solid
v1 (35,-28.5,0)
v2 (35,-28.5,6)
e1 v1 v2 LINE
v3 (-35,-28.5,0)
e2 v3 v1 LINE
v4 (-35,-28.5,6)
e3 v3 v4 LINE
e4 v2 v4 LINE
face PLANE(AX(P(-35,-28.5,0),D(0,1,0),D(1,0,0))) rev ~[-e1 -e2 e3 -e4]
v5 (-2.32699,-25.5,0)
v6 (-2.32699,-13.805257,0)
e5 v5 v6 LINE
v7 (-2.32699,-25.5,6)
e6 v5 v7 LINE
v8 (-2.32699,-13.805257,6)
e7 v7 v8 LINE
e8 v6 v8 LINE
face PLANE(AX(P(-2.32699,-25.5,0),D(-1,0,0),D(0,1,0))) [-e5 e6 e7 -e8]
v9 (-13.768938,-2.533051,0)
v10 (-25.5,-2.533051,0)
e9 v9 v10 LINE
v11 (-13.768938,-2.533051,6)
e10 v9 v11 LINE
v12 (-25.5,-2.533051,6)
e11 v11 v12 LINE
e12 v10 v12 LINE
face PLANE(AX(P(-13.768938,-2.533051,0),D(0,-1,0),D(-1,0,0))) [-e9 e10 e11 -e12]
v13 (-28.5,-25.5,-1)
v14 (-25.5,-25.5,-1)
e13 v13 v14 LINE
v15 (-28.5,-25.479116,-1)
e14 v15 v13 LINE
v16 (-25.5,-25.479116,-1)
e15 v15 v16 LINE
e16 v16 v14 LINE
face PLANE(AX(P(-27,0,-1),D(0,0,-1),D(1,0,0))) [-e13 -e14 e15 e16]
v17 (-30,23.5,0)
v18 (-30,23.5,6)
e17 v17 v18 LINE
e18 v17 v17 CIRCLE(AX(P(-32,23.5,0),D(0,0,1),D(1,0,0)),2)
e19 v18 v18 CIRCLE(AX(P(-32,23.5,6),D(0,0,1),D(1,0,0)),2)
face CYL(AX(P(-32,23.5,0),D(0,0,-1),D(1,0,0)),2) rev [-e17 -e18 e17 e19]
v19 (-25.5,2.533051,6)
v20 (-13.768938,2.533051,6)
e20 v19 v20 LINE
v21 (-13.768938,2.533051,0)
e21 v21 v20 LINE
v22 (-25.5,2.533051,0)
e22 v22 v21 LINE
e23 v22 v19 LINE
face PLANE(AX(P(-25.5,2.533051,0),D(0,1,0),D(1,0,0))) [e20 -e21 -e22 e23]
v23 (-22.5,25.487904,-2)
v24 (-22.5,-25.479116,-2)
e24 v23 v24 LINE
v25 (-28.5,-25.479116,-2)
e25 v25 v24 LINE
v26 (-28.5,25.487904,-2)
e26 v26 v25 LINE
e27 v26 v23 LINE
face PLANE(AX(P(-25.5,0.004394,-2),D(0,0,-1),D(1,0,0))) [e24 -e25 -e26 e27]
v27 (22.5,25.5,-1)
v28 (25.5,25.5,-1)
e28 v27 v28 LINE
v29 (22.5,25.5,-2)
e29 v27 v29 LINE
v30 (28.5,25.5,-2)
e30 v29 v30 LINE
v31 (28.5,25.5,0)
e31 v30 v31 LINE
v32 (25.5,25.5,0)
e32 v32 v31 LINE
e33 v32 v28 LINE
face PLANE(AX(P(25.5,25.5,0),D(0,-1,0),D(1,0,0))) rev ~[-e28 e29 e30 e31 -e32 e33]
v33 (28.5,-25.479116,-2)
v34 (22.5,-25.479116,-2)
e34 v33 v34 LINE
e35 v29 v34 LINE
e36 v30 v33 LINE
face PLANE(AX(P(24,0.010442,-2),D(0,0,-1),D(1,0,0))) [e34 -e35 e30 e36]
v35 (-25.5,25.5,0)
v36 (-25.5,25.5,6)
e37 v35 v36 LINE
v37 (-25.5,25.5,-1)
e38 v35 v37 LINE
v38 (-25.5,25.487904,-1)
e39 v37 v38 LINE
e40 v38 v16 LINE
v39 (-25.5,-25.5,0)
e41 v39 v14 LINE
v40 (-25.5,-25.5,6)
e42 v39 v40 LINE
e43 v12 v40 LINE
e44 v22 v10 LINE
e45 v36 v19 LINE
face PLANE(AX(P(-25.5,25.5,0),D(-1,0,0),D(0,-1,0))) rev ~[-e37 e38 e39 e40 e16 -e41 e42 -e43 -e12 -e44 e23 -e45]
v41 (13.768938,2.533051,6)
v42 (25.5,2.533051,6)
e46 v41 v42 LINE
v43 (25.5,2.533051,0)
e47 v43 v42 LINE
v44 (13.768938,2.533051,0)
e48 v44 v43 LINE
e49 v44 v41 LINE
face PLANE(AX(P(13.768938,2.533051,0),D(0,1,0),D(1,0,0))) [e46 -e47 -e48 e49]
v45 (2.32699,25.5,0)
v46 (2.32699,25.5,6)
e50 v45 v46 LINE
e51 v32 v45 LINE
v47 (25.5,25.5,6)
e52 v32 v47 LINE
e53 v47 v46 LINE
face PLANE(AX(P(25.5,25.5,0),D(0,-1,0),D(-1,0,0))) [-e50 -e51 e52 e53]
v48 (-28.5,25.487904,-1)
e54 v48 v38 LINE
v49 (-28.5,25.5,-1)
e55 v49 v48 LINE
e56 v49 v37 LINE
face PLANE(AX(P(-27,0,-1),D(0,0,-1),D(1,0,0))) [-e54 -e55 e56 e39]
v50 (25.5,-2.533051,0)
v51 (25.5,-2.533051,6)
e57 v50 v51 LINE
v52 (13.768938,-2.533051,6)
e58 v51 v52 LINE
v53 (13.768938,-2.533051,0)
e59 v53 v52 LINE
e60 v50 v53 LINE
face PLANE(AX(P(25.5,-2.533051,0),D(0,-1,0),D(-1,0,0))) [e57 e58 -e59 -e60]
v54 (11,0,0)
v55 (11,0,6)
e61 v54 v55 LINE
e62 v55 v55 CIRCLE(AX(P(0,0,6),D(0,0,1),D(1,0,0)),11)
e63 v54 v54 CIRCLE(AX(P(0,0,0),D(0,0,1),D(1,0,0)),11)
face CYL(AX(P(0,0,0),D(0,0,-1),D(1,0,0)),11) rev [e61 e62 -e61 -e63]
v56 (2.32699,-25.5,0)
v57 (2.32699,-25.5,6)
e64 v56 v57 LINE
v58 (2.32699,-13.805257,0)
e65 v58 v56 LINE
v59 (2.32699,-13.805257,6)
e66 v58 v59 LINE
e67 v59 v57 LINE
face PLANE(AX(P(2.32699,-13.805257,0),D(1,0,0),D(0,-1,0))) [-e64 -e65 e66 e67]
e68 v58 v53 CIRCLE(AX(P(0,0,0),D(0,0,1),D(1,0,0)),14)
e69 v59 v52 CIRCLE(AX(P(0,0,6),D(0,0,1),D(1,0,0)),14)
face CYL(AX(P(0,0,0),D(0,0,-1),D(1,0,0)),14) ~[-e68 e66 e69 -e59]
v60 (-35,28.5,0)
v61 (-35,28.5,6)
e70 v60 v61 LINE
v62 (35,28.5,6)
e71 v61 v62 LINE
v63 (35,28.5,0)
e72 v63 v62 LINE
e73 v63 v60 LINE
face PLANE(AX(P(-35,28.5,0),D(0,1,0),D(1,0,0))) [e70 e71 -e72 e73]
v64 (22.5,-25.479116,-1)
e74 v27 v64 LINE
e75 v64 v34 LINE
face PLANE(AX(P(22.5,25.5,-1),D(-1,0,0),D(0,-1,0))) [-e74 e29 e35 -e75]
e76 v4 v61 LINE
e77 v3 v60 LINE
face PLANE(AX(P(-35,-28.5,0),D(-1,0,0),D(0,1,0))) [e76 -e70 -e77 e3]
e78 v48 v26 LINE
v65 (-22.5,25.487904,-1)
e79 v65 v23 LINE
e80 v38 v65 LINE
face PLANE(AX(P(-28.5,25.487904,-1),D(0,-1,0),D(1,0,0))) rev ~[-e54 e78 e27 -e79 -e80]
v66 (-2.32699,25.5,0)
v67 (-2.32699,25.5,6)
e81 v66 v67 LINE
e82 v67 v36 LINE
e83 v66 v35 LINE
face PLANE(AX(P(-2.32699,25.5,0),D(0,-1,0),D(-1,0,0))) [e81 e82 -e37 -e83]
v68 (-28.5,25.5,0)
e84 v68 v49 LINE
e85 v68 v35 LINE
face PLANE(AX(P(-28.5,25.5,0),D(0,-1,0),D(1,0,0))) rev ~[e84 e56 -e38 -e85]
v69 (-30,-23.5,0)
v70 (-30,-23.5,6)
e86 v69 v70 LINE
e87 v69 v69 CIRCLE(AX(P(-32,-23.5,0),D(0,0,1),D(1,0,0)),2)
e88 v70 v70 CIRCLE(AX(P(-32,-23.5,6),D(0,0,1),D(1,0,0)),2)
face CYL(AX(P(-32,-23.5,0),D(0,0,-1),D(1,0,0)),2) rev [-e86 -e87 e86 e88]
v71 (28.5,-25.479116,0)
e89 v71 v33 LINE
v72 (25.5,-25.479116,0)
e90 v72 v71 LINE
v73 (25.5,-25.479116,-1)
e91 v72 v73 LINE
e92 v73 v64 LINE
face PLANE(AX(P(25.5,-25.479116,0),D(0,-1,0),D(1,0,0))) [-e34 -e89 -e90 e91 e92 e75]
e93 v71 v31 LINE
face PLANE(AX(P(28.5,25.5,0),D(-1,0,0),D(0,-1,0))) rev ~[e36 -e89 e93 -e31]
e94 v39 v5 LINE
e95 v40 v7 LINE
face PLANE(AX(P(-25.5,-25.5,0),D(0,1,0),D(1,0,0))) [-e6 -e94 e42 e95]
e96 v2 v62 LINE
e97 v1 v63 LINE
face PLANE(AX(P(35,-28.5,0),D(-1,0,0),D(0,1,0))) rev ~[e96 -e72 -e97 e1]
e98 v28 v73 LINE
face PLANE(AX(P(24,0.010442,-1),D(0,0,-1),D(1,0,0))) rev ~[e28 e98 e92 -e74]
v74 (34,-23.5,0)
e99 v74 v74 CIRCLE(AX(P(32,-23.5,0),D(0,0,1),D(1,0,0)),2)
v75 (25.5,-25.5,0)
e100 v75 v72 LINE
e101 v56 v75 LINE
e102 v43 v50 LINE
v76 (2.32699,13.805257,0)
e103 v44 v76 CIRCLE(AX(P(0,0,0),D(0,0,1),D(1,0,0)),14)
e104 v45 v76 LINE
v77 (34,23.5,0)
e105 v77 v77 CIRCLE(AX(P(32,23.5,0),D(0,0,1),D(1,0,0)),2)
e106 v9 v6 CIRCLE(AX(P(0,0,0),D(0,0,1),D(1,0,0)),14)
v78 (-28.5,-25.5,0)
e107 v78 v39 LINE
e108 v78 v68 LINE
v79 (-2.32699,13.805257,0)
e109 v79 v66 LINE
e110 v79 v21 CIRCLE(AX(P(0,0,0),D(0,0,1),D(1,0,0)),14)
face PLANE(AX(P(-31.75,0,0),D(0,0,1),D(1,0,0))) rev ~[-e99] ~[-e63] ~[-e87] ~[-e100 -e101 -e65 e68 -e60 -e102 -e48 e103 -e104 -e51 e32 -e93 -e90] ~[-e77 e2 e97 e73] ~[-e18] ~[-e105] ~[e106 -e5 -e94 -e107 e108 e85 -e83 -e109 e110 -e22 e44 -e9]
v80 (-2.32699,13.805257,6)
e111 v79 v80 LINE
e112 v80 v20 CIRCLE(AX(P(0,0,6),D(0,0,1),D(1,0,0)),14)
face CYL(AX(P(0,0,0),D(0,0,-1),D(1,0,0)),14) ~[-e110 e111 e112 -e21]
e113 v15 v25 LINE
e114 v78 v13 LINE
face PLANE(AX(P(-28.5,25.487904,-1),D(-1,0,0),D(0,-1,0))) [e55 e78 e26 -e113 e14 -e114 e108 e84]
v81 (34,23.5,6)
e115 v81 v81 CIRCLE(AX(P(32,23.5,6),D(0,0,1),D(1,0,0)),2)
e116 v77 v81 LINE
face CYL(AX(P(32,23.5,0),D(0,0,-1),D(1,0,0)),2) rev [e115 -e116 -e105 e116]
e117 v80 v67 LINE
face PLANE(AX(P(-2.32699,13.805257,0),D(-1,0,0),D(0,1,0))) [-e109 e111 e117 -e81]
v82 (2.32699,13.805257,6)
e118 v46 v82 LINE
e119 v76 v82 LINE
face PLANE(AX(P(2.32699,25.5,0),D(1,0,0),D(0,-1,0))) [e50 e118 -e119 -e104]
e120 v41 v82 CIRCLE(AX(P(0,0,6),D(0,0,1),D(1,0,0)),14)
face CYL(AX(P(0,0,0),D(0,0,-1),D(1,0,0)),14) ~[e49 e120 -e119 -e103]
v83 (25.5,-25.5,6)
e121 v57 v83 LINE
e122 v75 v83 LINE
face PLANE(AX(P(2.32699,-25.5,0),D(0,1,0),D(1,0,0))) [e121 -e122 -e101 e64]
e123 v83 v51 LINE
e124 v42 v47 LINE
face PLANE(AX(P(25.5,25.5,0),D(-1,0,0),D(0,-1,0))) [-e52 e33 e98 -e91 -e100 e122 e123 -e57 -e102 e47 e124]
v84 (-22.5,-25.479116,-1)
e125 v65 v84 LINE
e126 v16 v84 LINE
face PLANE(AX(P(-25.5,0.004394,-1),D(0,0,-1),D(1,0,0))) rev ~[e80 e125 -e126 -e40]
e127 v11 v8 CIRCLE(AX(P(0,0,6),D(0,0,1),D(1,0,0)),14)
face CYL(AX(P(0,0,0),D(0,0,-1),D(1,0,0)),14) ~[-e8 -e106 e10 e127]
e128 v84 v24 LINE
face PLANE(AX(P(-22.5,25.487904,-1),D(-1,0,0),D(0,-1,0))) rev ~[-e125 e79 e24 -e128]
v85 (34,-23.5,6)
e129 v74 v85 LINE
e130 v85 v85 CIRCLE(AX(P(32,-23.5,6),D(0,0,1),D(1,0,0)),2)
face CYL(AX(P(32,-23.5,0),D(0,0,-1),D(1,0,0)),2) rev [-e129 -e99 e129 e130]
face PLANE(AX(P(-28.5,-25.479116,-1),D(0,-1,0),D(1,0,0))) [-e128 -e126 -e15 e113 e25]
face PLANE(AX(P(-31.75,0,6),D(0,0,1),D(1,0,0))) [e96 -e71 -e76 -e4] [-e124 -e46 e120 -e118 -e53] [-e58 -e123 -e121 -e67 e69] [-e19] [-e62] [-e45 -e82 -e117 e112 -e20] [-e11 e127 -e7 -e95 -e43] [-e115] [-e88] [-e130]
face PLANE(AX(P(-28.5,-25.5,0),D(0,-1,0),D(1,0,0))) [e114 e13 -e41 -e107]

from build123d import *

# Parameters (mm, degrees)
F0_R      = 14
F0_R_2    = 11
F1_DEPTH  = 6
F2_W      = 57
F2_H      = 57
F3_DEPTH  = 6
F5_W      = 3
F5_H      = 50.979116
F5_H_2    = 51
F6_DEPTH  = 1
F7_W      = 6
F7_H      = 50.96702
F7_W_2    = 3
F7_H_2    = 50.979116
F8_DEPTH  = 1
F9_W      = 6.5
F9_H      = 57
F9_R      = 2
F10_DEPTH = 6


with BuildPart() as f1:
    # F0 (on Top) → F1 (new body)
    with BuildSketch(Plane.XY):
        Circle(F0_R)
        Circle(F0_R_2, mode=Mode.SUBTRACT)
    extrude(amount=F1_DEPTH)


with BuildPart() as f3:
    # F2 (on face) → F3 (new body)
    with BuildSketch(Plane(origin=(0, 0, 0), x_dir=(1, 0, 0), z_dir=(0, 0, -1))):
        Rectangle(F2_W, F2_H)
        Polygon((25.5, -2.533051), (25.5, -25.5), (2.32699, -25.5), (-2.32699, -25.5), (-25.5, -25.5), (-25.5, -2.533051), (-25.5, 2.533051), (-25.5, 25.5), (-2.32699, 25.5), (2.32699, 25.5), (25.5, 25.5), (25.5, 2.533051), align=None, mode=Mode.SUBTRACT)
        with BuildLine():
            Line((2.32699, 13.805257), (2.32699, 25.5))
            Line((2.32699, 25.5), (-2.32699, 25.5))
            Line((-2.32699, 25.5), (-2.32699, 13.805257))
            ThreePointArc((-2.32699, 13.805257), (0, 14), (2.32699, 13.805257))
        make_face()
        with BuildLine():
            Line((-25.5, 2.533051), (-25.5, -2.533051))
            Line((-25.5, -2.533051), (-13.768938, -2.533051))
            ThreePointArc((-13.768938, -2.533051), (-14, 0), (-13.768938, 2.533051))
            Line((-13.768938, 2.533051), (-25.5, 2.533051))
        make_face()
        with BuildLine():
            Line((-2.32699, -25.5), (2.32699, -25.5))
            Line((2.32699, -25.5), (2.32699, -13.805257))
            ThreePointArc((2.32699, -13.805257), (0, -14), (-2.32699, -13.805257))
            Line((-2.32699, -13.805257), (-2.32699, -25.5))
        make_face()
        with BuildLine():
            Line((13.768938, -2.533051), (25.5, -2.533051))
            Line((25.5, -2.533051), (25.5, 2.533051))
            Line((25.5, 2.533051), (13.768938, 2.533051))
            ThreePointArc((13.768938, 2.533051), (13.942115, 1.271784), (14, 0))
            ThreePointArc((14, 0), (13.942115, -1.271784), (13.768938, -2.533051))
        make_face()
    extrude(amount=-F3_DEPTH)


with BuildPart() as f1_1:
    add(f1.part)

    # F4: union F3
    add(f3.part)

    # F5 (on face) → F6 (join)
    with BuildSketch(Plane(origin=(0, 0, 0), x_dir=(1, 0, 0), z_dir=(0, 0, -1))):
        with Locations((27, -0.010442)):
            Rectangle(F5_W, F5_H)
        with Locations((-27, 0)):
            Rectangle(F5_W, F5_H_2)
    extrude(amount=F6_DEPTH)

    # F7 (on face) → F8 (join)
    with BuildSketch(Plane(origin=(0, 0, -1), x_dir=(1, 0, 0), z_dir=(0, 0, -1))):
        with Locations((-25.5, -0.004394)):
            Rectangle(F7_W, F7_H)
        with Locations((24, -0.010442)):
            Rectangle(F7_W_2, F7_H_2)
        with Locations((27, -0.010442)):
            Rectangle(F7_W_2, F7_H_2)
    extrude(amount=F8_DEPTH)

    # F9 (on Top) → F10 (join)
    with BuildSketch(Plane.XY):
        with Locations((-31.75, 0)):
            Rectangle(F9_W, F9_H)
        with Locations((-32, -23.5)):
            Circle(F9_R, mode=Mode.SUBTRACT)
        with Locations((-32, 23.5)):
            Circle(F9_R, mode=Mode.SUBTRACT)
        with Locations((31.75, 0)):
            Rectangle(F9_W, F9_H)
        with Locations((32, -23.5)):
            Circle(F9_R, mode=Mode.SUBTRACT)
        with Locations((32, 23.5)):
            Circle(F9_R, mode=Mode.SUBTRACT)
    extrude(amount=F10_DEPTH)


solid = f1_1.part
